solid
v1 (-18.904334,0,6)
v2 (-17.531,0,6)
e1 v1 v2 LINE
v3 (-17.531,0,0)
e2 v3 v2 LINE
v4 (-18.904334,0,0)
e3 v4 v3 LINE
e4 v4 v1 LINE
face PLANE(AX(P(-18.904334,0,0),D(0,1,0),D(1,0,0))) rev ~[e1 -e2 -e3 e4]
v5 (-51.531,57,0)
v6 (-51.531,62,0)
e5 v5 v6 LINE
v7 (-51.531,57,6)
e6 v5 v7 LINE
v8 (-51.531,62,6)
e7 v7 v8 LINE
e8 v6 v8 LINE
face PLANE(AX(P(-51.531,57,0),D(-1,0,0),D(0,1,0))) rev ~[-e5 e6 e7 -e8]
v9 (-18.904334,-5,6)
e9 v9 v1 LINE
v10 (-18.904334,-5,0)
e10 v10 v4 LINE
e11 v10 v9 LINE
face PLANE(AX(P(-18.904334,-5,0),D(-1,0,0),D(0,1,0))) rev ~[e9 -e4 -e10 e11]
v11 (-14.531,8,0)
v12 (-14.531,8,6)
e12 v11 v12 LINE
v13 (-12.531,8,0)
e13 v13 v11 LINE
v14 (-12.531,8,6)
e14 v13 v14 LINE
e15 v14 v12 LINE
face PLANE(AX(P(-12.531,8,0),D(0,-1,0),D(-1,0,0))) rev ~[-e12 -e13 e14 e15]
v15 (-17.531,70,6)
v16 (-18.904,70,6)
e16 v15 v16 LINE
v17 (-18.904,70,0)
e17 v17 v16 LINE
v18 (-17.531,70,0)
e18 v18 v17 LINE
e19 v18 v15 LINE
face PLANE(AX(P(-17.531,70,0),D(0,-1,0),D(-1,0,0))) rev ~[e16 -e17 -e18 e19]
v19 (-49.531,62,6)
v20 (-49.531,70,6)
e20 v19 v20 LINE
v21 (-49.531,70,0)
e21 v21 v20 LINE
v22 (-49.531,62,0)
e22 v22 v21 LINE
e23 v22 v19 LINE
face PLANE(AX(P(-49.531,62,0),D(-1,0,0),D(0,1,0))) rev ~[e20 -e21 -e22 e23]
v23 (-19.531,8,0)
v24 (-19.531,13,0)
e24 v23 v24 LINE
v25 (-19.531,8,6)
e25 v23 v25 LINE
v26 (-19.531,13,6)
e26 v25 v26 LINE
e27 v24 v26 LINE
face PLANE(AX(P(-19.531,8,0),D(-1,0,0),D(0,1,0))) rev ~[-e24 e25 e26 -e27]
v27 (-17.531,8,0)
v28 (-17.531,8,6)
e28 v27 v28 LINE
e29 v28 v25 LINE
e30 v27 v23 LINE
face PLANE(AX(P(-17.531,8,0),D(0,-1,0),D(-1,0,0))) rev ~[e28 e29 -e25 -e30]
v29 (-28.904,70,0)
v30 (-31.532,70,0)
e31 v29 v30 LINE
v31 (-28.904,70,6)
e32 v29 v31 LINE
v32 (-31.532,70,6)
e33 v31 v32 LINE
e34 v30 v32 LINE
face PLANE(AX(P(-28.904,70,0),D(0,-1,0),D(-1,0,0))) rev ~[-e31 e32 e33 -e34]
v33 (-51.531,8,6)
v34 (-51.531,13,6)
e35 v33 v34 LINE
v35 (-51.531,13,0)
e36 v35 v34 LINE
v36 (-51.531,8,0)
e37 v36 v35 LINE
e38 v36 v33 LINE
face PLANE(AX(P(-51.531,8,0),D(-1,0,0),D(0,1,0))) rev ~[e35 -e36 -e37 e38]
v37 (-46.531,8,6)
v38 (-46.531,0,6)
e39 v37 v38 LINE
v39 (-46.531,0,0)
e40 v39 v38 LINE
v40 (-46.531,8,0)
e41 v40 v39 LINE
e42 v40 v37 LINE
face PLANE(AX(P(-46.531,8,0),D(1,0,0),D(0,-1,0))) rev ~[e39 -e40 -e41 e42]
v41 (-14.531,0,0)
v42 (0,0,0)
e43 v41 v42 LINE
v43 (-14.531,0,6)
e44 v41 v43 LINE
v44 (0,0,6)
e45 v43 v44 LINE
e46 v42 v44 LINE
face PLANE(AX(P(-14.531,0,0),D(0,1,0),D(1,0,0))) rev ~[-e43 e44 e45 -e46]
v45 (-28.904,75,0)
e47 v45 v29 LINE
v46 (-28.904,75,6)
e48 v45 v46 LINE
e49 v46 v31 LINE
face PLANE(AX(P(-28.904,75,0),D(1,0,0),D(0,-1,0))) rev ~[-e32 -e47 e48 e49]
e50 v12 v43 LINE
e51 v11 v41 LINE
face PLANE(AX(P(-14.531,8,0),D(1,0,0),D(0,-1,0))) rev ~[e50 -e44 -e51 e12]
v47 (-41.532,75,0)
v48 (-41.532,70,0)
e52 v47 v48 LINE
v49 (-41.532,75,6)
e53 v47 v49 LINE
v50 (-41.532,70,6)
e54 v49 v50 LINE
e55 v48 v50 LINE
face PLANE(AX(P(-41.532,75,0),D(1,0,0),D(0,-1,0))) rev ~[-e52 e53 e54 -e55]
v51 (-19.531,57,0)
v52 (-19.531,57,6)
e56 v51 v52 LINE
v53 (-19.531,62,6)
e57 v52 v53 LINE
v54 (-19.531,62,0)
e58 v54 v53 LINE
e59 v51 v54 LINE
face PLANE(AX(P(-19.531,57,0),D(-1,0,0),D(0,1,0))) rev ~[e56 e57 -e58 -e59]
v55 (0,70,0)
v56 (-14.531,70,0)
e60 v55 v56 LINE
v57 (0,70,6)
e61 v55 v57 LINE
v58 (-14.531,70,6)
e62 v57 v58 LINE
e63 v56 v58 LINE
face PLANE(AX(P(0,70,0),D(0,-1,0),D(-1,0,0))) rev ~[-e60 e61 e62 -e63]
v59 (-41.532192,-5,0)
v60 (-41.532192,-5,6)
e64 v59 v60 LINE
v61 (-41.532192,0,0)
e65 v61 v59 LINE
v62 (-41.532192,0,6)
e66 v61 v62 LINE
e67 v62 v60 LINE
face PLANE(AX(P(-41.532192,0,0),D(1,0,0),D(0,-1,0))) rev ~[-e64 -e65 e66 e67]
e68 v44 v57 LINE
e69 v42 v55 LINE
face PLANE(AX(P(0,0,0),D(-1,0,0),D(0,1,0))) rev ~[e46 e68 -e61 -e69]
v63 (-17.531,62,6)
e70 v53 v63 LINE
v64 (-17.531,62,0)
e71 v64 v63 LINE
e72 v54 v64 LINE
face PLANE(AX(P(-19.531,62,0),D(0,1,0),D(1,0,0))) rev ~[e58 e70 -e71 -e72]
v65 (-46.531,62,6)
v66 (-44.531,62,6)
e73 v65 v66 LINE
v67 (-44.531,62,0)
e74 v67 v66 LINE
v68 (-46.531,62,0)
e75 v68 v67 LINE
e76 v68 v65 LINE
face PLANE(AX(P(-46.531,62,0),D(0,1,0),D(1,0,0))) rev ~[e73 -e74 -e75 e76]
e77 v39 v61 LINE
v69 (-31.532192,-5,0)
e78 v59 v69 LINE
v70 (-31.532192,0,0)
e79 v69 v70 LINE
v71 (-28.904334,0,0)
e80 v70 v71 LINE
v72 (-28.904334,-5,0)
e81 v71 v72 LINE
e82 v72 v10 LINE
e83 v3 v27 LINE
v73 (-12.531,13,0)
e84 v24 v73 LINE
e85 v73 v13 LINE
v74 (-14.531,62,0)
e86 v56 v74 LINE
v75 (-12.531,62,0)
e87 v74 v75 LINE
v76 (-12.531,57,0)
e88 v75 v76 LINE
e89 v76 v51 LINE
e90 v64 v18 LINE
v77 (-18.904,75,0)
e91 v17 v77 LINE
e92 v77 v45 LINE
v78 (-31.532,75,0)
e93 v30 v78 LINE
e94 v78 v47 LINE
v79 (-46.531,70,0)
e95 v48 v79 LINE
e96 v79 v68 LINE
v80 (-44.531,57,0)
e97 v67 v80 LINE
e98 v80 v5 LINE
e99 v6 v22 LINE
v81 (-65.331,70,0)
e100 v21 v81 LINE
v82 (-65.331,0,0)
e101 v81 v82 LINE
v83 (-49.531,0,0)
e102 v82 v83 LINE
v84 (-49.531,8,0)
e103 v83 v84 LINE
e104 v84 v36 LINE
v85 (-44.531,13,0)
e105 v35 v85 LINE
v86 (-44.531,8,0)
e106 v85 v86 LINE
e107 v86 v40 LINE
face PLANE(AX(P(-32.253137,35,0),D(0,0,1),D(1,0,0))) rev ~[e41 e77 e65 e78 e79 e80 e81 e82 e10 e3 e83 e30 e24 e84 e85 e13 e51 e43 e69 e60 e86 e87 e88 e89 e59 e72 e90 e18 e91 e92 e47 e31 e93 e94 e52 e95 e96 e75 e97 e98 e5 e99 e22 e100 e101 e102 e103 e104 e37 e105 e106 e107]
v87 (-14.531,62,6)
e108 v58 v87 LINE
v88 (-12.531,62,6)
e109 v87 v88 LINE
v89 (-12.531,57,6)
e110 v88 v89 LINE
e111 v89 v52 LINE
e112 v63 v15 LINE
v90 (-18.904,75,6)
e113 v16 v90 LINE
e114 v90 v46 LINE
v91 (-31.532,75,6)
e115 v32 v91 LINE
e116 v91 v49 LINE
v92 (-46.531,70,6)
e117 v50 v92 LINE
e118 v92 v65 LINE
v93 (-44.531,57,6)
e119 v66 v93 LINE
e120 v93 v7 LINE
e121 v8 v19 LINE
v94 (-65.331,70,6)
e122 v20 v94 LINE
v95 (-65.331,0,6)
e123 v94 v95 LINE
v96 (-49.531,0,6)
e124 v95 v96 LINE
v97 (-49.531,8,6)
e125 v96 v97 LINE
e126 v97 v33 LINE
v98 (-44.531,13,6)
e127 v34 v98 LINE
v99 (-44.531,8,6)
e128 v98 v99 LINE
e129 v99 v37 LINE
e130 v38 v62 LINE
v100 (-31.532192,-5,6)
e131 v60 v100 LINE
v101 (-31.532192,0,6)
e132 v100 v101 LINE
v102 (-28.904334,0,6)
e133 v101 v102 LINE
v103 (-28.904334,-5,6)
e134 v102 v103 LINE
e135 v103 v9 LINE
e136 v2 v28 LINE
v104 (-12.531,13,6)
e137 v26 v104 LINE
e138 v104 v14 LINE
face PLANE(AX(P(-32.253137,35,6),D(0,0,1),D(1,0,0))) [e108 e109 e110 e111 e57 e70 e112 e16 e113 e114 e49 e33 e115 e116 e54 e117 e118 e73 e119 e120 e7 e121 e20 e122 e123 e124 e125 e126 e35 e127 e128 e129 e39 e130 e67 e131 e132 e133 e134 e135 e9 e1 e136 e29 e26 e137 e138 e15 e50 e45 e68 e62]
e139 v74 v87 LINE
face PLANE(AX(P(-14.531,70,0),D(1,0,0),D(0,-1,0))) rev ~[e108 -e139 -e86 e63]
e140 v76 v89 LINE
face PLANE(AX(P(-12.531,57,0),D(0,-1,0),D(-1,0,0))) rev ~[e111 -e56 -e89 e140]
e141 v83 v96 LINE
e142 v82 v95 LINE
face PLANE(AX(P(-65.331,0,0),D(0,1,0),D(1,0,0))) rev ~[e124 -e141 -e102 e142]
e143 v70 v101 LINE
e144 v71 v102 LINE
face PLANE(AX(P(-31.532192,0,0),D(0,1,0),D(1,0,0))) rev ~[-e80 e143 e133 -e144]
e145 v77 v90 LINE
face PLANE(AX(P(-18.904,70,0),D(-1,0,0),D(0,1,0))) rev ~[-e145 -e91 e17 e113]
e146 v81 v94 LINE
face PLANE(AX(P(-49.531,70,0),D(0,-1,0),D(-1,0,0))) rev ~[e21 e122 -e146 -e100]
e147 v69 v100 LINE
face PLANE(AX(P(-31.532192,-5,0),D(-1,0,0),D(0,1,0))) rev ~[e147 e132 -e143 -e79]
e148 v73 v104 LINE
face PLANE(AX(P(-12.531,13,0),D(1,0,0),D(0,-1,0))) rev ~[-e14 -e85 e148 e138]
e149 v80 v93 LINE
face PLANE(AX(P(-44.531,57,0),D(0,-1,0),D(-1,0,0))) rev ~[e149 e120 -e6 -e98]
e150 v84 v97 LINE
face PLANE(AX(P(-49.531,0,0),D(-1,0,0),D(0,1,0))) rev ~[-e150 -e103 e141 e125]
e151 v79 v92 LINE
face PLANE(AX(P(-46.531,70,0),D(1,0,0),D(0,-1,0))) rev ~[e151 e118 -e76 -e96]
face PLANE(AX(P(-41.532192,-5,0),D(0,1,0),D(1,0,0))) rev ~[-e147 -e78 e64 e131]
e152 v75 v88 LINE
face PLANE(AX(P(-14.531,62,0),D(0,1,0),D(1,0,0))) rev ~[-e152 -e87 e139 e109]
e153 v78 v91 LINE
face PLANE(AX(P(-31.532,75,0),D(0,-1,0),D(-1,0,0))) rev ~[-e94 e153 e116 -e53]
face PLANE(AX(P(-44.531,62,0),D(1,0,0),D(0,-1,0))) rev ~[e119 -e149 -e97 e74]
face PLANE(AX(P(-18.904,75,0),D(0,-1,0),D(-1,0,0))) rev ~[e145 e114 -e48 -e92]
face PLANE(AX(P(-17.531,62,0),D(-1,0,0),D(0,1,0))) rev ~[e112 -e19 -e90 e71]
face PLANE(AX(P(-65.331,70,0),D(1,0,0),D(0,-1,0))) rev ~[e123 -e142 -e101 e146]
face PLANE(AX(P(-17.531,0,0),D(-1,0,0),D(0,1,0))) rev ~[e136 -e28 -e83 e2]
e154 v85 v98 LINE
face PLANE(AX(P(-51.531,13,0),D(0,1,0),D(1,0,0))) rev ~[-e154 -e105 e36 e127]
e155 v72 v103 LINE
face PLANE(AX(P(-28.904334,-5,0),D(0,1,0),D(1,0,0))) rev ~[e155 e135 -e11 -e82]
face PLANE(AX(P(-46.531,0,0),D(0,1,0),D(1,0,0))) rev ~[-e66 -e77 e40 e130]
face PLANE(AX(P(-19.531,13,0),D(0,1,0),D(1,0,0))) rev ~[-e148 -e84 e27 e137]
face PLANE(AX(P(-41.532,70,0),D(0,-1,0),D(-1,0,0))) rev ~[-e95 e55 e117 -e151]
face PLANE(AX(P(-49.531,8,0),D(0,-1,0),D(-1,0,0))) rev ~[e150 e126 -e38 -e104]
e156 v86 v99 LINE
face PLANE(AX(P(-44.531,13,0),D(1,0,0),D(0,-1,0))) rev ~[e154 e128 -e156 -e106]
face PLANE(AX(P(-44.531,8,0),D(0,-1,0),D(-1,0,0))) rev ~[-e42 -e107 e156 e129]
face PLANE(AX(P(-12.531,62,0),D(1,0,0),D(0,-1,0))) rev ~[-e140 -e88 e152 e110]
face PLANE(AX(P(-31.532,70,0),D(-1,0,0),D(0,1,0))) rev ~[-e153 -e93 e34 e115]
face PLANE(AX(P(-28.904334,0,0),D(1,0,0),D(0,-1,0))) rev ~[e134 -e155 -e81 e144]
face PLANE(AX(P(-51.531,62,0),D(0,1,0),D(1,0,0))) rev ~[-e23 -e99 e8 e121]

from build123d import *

# Parameters (mm, degrees)
RESSALTO_EXTRUS_O1_DEPTH = 6


with BuildPart() as part:
    # Model → Ressalto-extrusão1 (new body)
    with BuildSketch(Plane.XY):
        Polygon((-49.531, 62), (-49.531, 70), (-65.331, 70), (-65.331, 0), (-49.531, 0), (-49.531, 8), (-51.531, 8), (-51.531, 13), (-44.531, 13), (-44.531, 8), (-46.531, 8), (-46.531, 0), (-41.532192214, 0), (-41.532192214, -5), (-31.532192214, -5), (-31.532192214, 0), (-28.904333594, 0), (-28.904333594, -5), (-18.904333594, -5), (-18.904333594, 0), (-17.531, 0), (-17.531, 8), (-19.531, 8), (-19.531, 13), (-12.531, 13), (-12.531, 8), (-14.531, 8), (-14.531, 0), (0, 0), (0, 70), (-14.531, 70), (-14.531, 62), (-12.531, 62), (-12.531, 57), (-19.531, 57), (-19.531, 62), (-17.531, 62), (-17.531, 70), (-18.904, 70), (-18.904, 75), (-28.904, 75), (-28.904, 70), (-31.532, 70), (-31.532, 75), (-41.532, 75), (-41.532, 70), (-46.531, 70), (-46.531, 62), (-44.531, 62), (-44.531, 57), (-51.531, 57), (-51.531, 62), align=None)
    extrude(amount=RESSALTO_EXTRUS_O1_DEPTH)


solid = part.part
